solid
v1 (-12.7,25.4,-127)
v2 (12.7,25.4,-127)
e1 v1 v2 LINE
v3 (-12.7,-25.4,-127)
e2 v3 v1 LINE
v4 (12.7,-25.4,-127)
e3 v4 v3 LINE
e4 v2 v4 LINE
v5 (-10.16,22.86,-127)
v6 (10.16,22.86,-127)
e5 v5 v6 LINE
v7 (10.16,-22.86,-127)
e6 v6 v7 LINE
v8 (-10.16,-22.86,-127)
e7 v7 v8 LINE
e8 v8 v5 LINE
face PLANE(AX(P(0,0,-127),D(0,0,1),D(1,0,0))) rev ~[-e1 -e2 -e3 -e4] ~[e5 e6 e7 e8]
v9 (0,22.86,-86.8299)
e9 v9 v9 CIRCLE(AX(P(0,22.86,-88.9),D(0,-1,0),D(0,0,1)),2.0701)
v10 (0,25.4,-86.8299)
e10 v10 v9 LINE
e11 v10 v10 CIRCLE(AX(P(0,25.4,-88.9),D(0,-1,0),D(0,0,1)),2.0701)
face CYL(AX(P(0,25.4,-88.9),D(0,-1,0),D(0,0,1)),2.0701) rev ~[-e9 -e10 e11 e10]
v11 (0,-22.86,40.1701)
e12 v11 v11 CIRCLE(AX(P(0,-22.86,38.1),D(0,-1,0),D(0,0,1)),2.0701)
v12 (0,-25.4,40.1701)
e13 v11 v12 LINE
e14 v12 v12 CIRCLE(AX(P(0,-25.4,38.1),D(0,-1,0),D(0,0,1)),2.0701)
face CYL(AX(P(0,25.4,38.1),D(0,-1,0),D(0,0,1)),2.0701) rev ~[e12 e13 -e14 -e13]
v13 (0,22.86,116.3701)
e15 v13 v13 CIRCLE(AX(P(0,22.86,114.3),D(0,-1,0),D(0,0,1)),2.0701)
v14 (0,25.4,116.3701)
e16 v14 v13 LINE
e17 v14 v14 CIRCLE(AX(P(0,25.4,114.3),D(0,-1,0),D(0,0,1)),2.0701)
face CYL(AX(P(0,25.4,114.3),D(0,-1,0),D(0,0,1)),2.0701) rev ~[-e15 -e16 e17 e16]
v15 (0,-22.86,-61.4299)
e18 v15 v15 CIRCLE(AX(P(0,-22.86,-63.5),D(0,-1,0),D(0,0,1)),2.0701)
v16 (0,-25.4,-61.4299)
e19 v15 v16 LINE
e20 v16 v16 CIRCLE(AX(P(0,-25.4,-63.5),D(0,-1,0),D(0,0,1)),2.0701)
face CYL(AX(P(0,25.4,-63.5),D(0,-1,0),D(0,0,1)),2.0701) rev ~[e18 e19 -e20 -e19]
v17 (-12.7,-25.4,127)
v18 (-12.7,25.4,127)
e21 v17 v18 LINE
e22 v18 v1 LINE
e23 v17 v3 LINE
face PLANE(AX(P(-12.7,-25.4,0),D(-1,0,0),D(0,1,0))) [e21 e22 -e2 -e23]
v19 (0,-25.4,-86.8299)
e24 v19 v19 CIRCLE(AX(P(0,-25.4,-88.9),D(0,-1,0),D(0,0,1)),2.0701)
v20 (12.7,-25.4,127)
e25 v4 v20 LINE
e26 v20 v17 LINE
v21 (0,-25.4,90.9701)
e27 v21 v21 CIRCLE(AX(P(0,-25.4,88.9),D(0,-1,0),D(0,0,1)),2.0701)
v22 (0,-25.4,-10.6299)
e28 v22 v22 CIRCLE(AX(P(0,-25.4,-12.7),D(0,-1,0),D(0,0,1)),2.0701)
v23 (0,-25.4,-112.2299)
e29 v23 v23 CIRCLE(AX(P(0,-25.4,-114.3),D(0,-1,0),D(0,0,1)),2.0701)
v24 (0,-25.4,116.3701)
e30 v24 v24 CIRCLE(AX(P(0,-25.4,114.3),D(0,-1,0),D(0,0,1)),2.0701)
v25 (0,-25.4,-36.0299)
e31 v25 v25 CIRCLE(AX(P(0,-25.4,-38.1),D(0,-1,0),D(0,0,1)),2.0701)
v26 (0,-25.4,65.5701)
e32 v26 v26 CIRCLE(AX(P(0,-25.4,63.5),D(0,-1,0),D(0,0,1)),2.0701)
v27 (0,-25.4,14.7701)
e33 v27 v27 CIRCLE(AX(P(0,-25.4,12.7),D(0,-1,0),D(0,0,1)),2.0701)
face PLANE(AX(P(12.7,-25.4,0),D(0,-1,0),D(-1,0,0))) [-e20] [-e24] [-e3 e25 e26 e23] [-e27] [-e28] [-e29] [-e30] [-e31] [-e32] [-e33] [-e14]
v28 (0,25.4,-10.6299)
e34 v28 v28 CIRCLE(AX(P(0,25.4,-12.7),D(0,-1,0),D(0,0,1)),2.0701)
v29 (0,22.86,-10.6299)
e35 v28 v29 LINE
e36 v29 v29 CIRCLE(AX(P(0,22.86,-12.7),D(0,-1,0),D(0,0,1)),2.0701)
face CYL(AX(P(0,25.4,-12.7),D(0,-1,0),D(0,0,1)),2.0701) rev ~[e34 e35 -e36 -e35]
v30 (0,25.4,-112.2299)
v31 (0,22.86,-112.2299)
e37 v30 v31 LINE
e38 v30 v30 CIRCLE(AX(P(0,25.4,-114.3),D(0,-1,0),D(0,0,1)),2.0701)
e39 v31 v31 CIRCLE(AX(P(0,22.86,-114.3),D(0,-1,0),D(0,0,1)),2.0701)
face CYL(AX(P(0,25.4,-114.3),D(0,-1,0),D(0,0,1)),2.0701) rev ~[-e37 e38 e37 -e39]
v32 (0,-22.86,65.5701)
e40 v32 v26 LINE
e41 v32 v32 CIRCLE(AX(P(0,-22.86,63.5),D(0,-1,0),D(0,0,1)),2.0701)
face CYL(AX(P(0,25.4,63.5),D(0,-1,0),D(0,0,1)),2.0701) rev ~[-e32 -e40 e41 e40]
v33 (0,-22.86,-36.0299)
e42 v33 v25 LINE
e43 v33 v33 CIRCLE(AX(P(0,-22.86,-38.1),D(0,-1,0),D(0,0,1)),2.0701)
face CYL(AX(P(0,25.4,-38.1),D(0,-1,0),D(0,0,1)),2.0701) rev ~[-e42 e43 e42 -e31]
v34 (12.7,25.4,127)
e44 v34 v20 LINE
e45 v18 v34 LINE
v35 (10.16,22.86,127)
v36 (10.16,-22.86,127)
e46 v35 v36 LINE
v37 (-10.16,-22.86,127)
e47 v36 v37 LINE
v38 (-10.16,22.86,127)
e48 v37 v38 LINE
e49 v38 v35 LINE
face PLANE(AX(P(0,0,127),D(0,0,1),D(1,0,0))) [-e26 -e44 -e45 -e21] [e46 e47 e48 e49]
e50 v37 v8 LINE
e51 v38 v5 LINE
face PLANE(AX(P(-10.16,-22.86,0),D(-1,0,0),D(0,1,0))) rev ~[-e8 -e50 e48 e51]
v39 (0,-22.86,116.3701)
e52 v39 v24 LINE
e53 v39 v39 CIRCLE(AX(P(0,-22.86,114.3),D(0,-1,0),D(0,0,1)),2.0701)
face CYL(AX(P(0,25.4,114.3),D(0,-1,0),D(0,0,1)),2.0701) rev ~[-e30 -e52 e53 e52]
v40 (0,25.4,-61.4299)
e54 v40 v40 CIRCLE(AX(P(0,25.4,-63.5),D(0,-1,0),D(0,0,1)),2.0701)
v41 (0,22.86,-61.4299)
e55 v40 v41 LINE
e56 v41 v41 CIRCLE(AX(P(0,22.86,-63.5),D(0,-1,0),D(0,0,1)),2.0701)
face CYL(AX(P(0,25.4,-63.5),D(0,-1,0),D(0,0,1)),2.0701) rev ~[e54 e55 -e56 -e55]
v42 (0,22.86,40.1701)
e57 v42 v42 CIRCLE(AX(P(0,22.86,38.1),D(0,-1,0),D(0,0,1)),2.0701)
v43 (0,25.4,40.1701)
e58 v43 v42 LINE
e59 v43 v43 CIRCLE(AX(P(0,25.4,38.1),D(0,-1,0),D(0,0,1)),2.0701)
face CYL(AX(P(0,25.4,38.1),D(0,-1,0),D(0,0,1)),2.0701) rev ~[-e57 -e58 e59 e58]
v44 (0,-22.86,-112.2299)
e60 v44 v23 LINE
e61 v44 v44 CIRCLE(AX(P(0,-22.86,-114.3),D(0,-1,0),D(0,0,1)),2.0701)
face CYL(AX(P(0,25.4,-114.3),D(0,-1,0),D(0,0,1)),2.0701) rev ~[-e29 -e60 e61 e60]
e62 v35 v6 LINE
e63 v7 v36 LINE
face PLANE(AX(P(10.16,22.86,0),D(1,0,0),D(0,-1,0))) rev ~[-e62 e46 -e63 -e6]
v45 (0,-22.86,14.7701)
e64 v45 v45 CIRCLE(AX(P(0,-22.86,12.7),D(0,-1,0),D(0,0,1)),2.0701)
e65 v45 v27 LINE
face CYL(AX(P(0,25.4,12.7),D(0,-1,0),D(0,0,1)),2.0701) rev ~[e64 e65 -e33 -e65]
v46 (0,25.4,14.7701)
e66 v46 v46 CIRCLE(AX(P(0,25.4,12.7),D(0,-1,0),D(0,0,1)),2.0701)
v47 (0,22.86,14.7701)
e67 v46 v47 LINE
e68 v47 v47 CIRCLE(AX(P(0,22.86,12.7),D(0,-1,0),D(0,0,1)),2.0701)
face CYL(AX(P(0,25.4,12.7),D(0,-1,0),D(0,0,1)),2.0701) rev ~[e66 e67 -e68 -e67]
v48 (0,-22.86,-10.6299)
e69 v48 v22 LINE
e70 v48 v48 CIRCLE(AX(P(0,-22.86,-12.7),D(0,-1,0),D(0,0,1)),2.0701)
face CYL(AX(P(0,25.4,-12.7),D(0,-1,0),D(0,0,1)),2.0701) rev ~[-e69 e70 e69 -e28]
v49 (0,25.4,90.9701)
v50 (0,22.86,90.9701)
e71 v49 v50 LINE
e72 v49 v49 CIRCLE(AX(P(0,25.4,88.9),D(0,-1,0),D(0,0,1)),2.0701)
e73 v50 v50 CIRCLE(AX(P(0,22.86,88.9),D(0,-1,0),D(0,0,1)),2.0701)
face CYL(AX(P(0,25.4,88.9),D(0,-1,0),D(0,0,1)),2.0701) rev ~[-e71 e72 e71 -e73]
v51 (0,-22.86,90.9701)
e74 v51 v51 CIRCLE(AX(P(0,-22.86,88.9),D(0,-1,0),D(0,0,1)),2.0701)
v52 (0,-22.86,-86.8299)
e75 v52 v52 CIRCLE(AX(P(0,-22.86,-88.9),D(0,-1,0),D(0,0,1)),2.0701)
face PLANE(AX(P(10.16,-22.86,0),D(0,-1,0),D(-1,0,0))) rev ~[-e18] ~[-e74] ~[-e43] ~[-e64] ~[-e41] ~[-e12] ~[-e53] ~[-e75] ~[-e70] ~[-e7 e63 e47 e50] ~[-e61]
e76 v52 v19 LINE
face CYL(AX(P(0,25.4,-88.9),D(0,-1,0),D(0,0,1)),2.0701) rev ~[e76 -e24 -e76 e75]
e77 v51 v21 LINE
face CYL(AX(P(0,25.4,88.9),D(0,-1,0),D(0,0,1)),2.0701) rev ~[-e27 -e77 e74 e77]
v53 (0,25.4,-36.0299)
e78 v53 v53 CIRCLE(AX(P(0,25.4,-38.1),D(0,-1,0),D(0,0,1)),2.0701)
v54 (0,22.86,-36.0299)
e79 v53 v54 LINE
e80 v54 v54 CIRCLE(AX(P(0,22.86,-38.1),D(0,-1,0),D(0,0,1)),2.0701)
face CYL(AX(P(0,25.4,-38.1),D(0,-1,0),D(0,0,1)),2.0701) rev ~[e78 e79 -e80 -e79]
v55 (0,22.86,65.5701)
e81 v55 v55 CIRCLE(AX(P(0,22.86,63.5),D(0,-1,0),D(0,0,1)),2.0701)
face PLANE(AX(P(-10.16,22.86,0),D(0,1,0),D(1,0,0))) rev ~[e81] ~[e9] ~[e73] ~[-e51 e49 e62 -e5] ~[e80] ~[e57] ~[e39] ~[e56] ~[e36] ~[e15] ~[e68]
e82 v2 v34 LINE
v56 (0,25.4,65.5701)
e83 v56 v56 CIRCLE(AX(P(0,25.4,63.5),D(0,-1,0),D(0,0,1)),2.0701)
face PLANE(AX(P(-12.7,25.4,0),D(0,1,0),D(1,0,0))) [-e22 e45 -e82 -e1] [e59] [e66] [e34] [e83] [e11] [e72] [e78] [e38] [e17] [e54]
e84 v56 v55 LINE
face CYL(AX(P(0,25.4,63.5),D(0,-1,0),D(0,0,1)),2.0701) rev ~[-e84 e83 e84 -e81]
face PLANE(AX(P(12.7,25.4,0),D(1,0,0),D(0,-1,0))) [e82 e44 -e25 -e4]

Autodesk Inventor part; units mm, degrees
ref_plane "YZ Plane" through (0, 0, 0) normal (1, 0, 0) x (0, 1, 0)
ref_plane "XZ Plane" through (0, 0, 0) normal (0, 1, 0) x (-1, 0, 0)
ref_plane "XY Plane" through (0, 0, 0) normal (0, 0, 1) x (1, 0, 0)
sketch "Sketch1" plane through (0, 0, 0) normal (0, 0, 1) x (1, 0, 0)
  line L0 (12.7, -25.4) -> (-12.7, -25.4)
  line L1 (-12.7, -25.4) -> (-12.7, 25.4)
  line L2 (-12.7, 25.4) -> (12.7, 25.4)
  line L3 (12.7, 25.4) -> (12.7, -25.4)
  line L4 (12.7, -25.4) -> (-12.7, 25.4) construction
  line L5 (-12.7, -25.4) -> (12.7, 25.4) construction
  line L6 (10.16, -22.86) -> (-10.16, -22.86)
  line L7 (-10.16, -22.86) -> (-10.16, 22.86)
  line L8 (-10.16, 22.86) -> (10.16, 22.86)
  line L9 (10.16, 22.86) -> (10.16, -22.86)
  line L10 (10.16, -22.86) -> (-10.16, 22.86) construction
  line L11 (-10.16, -22.86) -> (10.16, 22.86) construction
  point P0 (0, 0)
  dimension "d0" = 25.4
  dimension "d1" = 50.8
  dimension "d2" = 20.32
  dimension "d3" = 45.72
extrude "Extrusion1" add sketch "Sketch1" along normal mid plane 254
sketch "Sketch2" plane through (-12.7, 25.4, 127) normal (0, 1, 0) x (1, 0, 0)
  line L0 (0, 0) -> (0, 254) projected
  line L1 (25.4, 0) -> (0, 0) projected
  point P0 (12.7, 127)
  point P1 (12.7, 12.7)
  dimension "d6" = 12.7
  dimension "d7" = 12.7
hole "Hole1" at (0, 25.4, 114.3) direction (0, -1, 0) diameter 4.1402 end through all
pattern_linear "Rectangular Pattern1" count 10 spacing 25.4 along (0, 0, -1) of "Hole1"
properties part number "Intake_vertical"
